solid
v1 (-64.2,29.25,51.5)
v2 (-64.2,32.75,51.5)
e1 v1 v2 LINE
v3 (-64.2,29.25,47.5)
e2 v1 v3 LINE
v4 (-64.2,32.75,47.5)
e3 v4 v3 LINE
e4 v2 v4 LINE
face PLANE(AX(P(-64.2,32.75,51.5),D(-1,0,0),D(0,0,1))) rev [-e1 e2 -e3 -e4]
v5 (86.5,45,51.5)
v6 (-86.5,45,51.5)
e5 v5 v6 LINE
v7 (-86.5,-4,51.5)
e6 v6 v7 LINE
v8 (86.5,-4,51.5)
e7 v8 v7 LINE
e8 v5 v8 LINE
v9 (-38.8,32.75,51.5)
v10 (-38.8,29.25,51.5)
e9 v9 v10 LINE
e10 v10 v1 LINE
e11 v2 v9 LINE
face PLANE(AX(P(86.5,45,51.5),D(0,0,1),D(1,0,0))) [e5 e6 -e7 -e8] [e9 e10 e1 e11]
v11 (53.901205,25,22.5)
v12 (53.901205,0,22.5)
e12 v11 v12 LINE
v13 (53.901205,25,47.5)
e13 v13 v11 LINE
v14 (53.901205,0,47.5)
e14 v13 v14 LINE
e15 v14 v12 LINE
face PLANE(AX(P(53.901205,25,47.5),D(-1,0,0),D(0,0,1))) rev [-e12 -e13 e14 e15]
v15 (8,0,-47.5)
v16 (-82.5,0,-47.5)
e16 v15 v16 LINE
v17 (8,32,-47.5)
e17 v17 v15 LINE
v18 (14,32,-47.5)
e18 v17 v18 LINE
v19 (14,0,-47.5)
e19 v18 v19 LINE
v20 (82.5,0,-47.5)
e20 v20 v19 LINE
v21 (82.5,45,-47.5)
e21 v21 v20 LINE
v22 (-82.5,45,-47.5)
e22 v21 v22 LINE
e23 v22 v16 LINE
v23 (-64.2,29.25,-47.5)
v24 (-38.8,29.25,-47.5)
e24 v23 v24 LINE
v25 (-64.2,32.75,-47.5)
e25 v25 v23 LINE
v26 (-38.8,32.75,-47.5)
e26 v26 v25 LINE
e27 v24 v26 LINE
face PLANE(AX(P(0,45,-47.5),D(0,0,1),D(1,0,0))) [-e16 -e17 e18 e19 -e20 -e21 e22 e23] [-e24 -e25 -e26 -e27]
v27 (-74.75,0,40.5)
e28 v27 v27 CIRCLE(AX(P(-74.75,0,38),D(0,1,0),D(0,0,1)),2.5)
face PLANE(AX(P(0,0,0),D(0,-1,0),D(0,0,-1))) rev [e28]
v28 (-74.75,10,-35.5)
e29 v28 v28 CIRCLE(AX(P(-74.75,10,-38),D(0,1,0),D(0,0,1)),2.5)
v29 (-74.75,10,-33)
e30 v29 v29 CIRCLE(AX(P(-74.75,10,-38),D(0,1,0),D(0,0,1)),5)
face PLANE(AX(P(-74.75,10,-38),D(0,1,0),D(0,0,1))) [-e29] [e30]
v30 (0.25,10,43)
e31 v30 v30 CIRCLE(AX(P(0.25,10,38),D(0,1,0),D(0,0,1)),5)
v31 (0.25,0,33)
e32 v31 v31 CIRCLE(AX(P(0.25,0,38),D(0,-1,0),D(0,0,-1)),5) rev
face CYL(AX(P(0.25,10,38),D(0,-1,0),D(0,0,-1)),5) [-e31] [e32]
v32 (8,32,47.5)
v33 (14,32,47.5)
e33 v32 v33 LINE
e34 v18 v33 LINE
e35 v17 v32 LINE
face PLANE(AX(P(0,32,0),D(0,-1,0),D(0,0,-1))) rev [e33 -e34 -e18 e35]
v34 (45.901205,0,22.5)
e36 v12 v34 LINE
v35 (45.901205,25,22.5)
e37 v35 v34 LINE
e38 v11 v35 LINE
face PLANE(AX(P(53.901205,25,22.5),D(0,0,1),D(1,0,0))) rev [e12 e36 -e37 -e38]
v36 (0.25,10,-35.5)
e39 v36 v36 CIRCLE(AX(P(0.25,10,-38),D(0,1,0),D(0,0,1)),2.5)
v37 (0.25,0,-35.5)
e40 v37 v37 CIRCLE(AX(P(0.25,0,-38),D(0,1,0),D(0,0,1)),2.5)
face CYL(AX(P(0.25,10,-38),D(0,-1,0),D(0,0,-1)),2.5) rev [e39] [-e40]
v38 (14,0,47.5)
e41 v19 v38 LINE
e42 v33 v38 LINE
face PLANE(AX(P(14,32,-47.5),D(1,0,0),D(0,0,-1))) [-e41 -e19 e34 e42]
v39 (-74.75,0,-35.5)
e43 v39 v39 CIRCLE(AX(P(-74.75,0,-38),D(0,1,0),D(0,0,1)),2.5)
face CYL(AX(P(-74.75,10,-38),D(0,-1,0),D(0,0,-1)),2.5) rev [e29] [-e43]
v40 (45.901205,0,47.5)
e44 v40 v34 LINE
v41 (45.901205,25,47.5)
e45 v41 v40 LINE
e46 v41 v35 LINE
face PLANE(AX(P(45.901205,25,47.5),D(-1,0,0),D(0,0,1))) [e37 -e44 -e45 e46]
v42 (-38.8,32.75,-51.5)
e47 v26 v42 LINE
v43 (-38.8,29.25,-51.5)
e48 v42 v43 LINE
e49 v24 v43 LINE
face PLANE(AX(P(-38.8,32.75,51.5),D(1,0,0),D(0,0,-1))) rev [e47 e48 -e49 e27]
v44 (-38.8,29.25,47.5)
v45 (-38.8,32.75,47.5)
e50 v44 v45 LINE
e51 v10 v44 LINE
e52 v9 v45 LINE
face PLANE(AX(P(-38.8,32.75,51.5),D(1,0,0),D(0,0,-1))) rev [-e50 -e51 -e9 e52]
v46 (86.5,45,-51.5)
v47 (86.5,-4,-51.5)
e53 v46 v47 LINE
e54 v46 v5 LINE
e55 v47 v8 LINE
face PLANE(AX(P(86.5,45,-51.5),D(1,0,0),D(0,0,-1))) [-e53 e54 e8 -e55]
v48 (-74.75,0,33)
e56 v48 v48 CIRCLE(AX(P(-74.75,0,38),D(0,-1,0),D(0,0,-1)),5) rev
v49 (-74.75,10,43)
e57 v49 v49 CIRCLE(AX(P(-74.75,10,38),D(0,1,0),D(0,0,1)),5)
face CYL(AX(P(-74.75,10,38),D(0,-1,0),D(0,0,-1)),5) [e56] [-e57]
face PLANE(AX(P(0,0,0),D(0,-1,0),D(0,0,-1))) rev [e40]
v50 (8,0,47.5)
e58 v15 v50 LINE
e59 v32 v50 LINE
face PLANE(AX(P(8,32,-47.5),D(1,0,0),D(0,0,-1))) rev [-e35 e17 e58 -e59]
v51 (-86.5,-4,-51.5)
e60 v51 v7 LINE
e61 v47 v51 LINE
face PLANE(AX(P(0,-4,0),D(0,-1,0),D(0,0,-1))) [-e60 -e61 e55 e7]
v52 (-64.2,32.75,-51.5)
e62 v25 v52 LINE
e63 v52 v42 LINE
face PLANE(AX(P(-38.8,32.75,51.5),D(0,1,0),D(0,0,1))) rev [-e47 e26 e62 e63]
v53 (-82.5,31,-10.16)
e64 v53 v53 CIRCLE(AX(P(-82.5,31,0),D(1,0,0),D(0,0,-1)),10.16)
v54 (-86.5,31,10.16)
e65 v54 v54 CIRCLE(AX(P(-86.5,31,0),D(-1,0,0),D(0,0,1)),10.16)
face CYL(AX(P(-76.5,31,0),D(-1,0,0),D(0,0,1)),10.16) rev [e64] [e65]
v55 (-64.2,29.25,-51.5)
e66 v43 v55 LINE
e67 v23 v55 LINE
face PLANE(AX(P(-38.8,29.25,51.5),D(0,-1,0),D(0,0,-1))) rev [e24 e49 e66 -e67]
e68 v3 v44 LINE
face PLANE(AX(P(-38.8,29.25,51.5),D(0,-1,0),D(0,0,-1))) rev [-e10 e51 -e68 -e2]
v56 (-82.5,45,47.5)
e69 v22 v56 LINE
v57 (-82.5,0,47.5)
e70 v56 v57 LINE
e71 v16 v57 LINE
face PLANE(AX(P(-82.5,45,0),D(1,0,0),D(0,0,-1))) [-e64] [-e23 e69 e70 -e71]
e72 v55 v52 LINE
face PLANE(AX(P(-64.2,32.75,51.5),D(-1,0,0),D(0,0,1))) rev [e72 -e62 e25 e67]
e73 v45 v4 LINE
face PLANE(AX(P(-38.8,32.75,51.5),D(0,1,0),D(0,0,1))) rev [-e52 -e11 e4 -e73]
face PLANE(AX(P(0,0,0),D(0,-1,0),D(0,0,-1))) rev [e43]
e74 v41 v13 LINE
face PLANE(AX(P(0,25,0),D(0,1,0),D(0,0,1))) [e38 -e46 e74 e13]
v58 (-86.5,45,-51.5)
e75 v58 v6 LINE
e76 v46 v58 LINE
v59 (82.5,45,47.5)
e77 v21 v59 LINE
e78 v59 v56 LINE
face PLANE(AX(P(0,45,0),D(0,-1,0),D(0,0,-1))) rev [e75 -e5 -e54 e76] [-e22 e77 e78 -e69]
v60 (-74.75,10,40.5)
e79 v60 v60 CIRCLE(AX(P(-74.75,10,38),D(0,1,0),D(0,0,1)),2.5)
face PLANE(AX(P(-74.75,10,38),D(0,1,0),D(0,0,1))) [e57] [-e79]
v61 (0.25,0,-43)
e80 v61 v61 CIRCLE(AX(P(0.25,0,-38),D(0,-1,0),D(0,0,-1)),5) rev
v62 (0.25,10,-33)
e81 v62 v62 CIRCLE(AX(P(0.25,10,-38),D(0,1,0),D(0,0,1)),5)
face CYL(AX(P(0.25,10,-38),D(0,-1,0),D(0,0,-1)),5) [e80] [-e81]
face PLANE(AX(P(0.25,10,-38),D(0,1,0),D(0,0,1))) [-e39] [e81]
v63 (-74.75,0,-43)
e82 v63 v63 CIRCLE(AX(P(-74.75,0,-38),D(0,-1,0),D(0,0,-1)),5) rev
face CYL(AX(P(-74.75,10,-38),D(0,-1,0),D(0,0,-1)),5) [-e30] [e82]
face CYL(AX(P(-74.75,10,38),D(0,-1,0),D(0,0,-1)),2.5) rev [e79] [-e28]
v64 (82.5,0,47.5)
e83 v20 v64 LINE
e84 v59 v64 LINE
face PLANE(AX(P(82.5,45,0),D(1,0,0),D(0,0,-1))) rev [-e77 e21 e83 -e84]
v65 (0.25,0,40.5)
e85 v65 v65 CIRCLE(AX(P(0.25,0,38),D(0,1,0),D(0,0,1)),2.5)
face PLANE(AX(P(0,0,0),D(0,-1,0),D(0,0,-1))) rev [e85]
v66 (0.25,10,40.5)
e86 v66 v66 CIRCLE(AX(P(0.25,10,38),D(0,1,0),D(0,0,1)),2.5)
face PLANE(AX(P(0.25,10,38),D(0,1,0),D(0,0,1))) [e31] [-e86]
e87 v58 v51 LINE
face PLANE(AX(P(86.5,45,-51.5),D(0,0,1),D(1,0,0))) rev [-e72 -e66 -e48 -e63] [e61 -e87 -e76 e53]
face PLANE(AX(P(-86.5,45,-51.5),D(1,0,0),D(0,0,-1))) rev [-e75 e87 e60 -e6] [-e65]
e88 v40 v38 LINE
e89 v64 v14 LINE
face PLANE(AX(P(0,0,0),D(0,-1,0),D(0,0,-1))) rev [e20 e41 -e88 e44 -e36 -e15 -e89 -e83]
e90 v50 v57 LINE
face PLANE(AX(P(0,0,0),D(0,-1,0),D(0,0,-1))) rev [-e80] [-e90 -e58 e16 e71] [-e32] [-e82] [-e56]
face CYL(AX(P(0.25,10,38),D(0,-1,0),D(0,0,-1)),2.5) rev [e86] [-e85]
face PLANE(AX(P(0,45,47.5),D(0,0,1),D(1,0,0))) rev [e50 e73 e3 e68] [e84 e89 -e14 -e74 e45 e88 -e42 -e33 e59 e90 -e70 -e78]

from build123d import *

# Parameters (mm, degrees)
SKETCH1_W             = 173
SKETCH1_H             = 103
SKETCH1_W_2           = 165
SKETCH1_H_2           = 95
BOSS_EXTRUDE1_DEPTH   = 45
SKETCH1_3_W           = 173
SKETCH1_3_H           = 103
BOSS_EXTRUDE2_DEPTH   = 4
SKETCH5_W             = 6
SKETCH5_H             = 95
BOSS_EXTRUDE3_DEPTH   = 32
SKETCH6_R             = 5
SKETCH6_R_2           = 2.5
STANDOFFINSERTS_DEPTH = 10
SKETCH7_W             = 25.4
SKETCH7_H             = 3.5
CUT_EXTRUDE1_DEPTH    = 142.831766541
SKETCH8_W             = 8
SKETCH8_H             = 25
BOSS_EXTRUDE5_DEPTH   = 25
SKETCH9_R             = 10.16
CUT_EXTRUDE2_DEPTH    = 10


with BuildPart() as part:
    # Sketch1 → Boss-Extrude1 (new body)
    with BuildSketch(Plane(origin=(0, 0, 0), x_dir=(1, 0, 0), z_dir=(0, 1, 0))):
        Rectangle(SKETCH1_W, SKETCH1_H)
        Rectangle(SKETCH1_W_2, SKETCH1_H_2, mode=Mode.SUBTRACT)
    extrude(amount=BOSS_EXTRUDE1_DEPTH)

    # Sketch1<3> → Boss-Extrude2 (add)
    with BuildSketch(Plane(origin=(0, 0, 0), x_dir=(1, 0, 0), z_dir=(0, 1, 0))):
        Rectangle(SKETCH1_3_W, SKETCH1_3_H)
    extrude(amount=-BOSS_EXTRUDE2_DEPTH)

    # Sketch5 → Boss-Extrude3 (add)
    with BuildSketch(Plane(origin=(0, 0, 0), x_dir=(1, 0, 0), z_dir=(0, 1, 0))):
        with Locations((11, 0)):
            Rectangle(SKETCH5_W, SKETCH5_H)
    extrude(amount=BOSS_EXTRUDE3_DEPTH)

    # Sketch6 → StandoffInserts (add)
    # profile 1 of 4: a face of its own
    with BuildSketch(Plane(origin=(0, 0, 0), x_dir=(1, 0, 0), z_dir=(0, 1, 0))):
        with Locations((-74.75, -38)):
            Circle(SKETCH6_R)
        with Locations((-74.75, -38)):
            Circle(SKETCH6_R_2, mode=Mode.SUBTRACT)
    # profile 2 of 4: a face of its own
    with BuildSketch(Plane(origin=(0, 0, 0), x_dir=(1, 0, 0), z_dir=(0, 1, 0))):
        with Locations((0.25, -38)):
            Circle(SKETCH6_R)
        with Locations((0.25, -38)):
            Circle(SKETCH6_R_2, mode=Mode.SUBTRACT)
    # profile 3 of 4: a face of its own
    with BuildSketch(Plane(origin=(0, 0, 0), x_dir=(1, 0, 0), z_dir=(0, 1, 0))):
        with Locations((-74.75, 38)):
            Circle(SKETCH6_R)
        with Locations((-74.75, 38)):
            Circle(SKETCH6_R_2, mode=Mode.SUBTRACT)
    # profile 4 of 4: a face of its own
    with BuildSketch(Plane(origin=(0, 0, 0), x_dir=(1, 0, 0), z_dir=(0, 1, 0))):
        with Locations((0.25, 38)):
            Circle(SKETCH6_R)
        with Locations((0.25, 38)):
            Circle(SKETCH6_R_2, mode=Mode.SUBTRACT)
    extrude(amount=STANDOFFINSERTS_DEPTH)

    # Sketch7 → Cut-Extrude1 (cut, through all)
    with BuildSketch(Plane(origin=(0, 0, -51.5), x_dir=(-1, 0, 0), z_dir=(0, 0, -1))):
        with Locations((51.5, 31)):
            Rectangle(SKETCH7_W, SKETCH7_H)
    extrude(amount=-CUT_EXTRUDE1_DEPTH, mode=Mode.SUBTRACT)

    # Sketch8 → Boss-Extrude5 (add)
    with BuildSketch(Plane(origin=(0, 0, 0), x_dir=(1, 0, 0), z_dir=(0, 1, 0))):
        with Locations((49.90120524, -35)):
            Rectangle(SKETCH8_W, SKETCH8_H)
    extrude(amount=BOSS_EXTRUDE5_DEPTH)

    # Sketch9 → Cut-Extrude2 (cut)
    with BuildSketch(Plane.ZY.offset(86.5)):
        with Locations((0, 31)):
            Circle(SKETCH9_R)
    extrude(amount=-CUT_EXTRUDE2_DEPTH, mode=Mode.SUBTRACT)


solid = part.part
